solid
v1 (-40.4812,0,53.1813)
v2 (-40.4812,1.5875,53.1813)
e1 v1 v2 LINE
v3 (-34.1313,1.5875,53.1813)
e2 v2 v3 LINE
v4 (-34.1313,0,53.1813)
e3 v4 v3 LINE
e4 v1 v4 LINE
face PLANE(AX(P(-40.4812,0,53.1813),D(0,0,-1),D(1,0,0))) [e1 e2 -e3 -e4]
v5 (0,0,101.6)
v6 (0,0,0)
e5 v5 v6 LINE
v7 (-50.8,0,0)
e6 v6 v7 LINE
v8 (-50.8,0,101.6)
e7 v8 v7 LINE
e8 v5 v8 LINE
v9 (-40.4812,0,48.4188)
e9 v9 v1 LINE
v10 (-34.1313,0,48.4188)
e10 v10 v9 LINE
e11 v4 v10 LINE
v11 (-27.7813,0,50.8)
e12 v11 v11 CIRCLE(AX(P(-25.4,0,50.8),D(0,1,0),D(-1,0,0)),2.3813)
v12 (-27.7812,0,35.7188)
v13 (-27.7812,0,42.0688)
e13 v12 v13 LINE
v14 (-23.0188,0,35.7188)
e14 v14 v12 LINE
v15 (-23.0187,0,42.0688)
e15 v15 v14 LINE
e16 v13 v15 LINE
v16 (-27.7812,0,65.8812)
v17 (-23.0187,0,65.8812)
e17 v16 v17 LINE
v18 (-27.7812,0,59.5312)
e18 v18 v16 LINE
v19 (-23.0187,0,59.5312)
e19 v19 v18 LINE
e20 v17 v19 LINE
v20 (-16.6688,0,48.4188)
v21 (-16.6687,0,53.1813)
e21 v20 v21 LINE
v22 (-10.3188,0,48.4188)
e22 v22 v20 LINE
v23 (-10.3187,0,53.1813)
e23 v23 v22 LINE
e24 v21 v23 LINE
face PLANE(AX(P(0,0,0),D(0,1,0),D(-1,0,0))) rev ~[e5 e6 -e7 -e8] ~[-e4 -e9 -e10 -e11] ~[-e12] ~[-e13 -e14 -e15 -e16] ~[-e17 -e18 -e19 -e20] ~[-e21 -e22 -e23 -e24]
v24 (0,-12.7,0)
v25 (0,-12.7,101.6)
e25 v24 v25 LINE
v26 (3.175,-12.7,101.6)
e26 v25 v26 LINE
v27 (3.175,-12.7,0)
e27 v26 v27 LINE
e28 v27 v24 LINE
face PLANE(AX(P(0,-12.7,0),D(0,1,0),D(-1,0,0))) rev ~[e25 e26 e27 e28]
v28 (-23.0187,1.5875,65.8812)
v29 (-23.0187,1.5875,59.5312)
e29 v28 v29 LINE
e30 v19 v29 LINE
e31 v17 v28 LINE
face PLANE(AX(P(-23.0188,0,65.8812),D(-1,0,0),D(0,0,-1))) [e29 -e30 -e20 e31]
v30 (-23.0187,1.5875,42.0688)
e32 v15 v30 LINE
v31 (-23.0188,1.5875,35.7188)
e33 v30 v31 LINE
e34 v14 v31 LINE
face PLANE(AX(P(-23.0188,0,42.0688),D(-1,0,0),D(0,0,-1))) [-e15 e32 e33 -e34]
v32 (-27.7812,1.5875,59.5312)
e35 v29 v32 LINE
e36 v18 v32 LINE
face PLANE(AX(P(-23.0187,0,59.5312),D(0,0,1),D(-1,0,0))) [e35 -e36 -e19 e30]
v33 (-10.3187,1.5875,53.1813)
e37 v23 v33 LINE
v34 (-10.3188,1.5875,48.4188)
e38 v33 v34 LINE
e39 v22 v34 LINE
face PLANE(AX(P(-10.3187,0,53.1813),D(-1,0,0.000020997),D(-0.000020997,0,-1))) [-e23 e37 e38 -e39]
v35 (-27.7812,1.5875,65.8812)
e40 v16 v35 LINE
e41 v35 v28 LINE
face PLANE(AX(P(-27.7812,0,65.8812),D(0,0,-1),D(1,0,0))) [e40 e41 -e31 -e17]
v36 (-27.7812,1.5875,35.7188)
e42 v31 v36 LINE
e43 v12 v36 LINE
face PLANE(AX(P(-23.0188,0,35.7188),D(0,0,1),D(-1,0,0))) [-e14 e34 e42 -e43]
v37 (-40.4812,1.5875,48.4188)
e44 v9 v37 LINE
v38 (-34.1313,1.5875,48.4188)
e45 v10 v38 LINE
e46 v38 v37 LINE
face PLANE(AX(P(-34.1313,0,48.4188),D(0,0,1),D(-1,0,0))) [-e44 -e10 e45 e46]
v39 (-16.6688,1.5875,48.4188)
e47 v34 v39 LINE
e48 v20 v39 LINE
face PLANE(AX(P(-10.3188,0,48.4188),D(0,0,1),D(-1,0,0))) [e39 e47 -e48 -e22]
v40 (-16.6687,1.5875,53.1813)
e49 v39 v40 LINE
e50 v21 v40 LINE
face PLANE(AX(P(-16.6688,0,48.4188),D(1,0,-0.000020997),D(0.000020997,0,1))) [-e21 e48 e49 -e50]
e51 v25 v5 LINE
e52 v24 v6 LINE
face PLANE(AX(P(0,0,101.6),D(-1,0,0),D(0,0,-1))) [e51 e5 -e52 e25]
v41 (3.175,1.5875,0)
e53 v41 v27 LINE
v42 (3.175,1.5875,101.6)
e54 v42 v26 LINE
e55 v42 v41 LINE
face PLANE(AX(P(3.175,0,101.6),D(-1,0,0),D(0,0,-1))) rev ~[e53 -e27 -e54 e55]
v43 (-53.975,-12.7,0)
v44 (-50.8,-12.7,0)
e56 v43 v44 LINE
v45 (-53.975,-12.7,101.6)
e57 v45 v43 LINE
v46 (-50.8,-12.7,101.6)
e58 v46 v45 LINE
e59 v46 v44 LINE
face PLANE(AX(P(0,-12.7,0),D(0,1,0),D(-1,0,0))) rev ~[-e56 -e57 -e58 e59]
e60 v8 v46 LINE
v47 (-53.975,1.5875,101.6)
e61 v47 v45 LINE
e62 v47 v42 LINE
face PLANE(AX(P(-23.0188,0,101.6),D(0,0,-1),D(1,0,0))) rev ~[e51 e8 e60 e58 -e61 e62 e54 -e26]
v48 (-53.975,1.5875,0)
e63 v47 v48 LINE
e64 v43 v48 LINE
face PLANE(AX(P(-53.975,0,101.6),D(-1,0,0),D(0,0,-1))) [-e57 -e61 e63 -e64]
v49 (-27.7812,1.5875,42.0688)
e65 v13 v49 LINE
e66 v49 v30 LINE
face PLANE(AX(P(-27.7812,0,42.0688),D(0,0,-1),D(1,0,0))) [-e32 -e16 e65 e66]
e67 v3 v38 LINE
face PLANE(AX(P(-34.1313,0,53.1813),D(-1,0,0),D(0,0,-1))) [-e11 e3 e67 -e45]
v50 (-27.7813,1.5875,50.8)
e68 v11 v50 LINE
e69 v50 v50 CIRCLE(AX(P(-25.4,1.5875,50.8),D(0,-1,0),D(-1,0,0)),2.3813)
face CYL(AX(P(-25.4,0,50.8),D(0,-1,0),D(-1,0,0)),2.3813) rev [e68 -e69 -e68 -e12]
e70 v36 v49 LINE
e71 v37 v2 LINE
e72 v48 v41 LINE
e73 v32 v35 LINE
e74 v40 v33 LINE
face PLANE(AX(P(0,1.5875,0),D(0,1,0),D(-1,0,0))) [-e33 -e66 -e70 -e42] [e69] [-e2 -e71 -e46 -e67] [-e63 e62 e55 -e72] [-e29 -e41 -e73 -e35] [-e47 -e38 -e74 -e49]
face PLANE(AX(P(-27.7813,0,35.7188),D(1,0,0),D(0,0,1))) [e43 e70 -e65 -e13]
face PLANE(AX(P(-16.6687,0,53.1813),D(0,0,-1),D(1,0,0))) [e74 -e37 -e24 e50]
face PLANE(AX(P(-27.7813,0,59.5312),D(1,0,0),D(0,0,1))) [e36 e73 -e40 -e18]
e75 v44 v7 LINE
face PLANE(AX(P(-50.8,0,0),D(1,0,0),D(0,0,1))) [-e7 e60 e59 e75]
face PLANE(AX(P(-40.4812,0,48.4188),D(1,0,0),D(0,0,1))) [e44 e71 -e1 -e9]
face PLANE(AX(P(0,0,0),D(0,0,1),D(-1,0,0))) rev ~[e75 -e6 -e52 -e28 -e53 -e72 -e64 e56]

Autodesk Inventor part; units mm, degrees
ref_plane "YZ Plane" through (0, 0, 0) normal (1, 0, 0) x (0, 1, 0)
ref_plane "XZ Plane" through (0, 0, 0) normal (0, 1, 0) x (-1, 0, 0)
ref_plane "XY Plane" through (0, 0, 0) normal (0, 0, 1) x (1, 0, 0)
sketch "Sketch1" plane through (0, 0, 0) normal (0, 1, 0) x (-1, 0, 0)
  line L0 (0, 0) -> (50.8, 0)
  line L1 (50.8, 0) -> (50.8, 101.6)
  line L2 (50.8, 101.6) -> (0, 101.6)
  line L3 (0, 101.6) -> (0, 0)
  line L4 (50.8, 101.6) -> (53.975, 101.6)
  line L5 (53.975, 101.6) -> (53.975, 0)
  line L6 (53.975, 0) -> (50.8, 0)
  line L7 (50.8, 0) -> (50.8, 101.6)
  line L8 (0, 101.6) -> (-3.175, 101.6)
  line L9 (-3.175, 101.6) -> (-3.175, 0)
  line L10 (-3.175, 0) -> (0, 0)
  line L11 (0, 0) -> (0, 101.6)
  circle A0 centre (25.4, 50.8) radius 2.3813
  line L12 (50.8, 53.1813) -> (0, 53.1813)
  line L13 (0, 53.1813) -> (0, 48.4188)
  line L14 (0, 48.4188) -> (50.8, 48.4188)
  line L15 (50.8, 48.4188) -> (50.8, 53.1813)
  line L16 (27.7813, 101.6) -> (23.0188, 101.6)
  line L17 (23.0188, 101.6) -> (23.0188, 0)
  line L18 (23.0188, 0) -> (27.7813, 0)
  line L19 (27.7813, 0) -> (27.7813, 101.6)
  line L20 (27.7812, 65.8812) -> (23.0187, 65.8812)
  line L21 (23.0187, 65.8812) -> (23.0187, 59.5312)
  line L22 (23.0187, 59.5312) -> (27.7812, 59.5312)
  line L23 (27.7812, 59.5312) -> (27.7812, 65.8812)
  line L24 (40.4812, 53.1813) -> (34.1313, 53.1813)
  line L25 (34.1313, 53.1813) -> (34.1313, 48.4188)
  line L26 (34.1313, 48.4188) -> (40.4812, 48.4188)
  line L27 (40.4812, 48.4188) -> (40.4812, 53.1813)
  line L28 (27.7812, 42.0688) -> (23.0187, 42.0688)
  line L29 (23.0187, 42.0688) -> (23.0188, 35.7188)
  line L30 (23.0188, 35.7188) -> (27.7812, 35.7188)
  line L31 (27.7812, 35.7188) -> (27.7812, 42.0688)
  line L32 (16.6687, 53.1813) -> (10.3187, 53.1813)
  line L33 (10.3187, 53.1813) -> (10.3188, 48.4188)
  line L34 (10.3188, 48.4188) -> (16.6688, 48.4188)
  line L35 (16.6688, 48.4188) -> (16.6687, 53.1813)
  point P0 (0, 50.8)
  point P1 (25.4, 53.1813)
  point P2 (25.4, 35.7188)
  point P3 (25.4, 42.0688)
  dimension "d0" = 50.8
  dimension "d1" = 101.6
  dimension "d2" = 3.175
  dimension "d3" = 101.6
  dimension "d4" = 3.175
  dimension "d5" = 101.6
  dimension "d6" = 4.7625
  dimension "d7" = 25.4
  dimension "d8" = 50.8
  dimension "d9" = 4.7625
  dimension "d10" = 4.7625
  dimension "d11" = 2.3813
  dimension "d12" = 2.3813
  dimension "d13" = 6.35
  dimension "d14" = 6.35
  dimension "d15" = 6.35
  dimension "d16" = 6.35
  dimension "d17" = 6.35
  dimension "d18" = 6.35
  dimension "d19" = 6.35
  dimension "d20" = 6.35
extrude "Extrusion1" add sketch "Sketch1" along normal blind 1.5875 contours L3 L14 L17 L0 | L17 L30 L19 L0 | L3 L12 L33 L14 | L19 L14 L1 L0 | L3 L2 L17 L12 | L17 L14 L19 L28 | L35 L12 L17 L14 | L14 L27 L12 L1 | L17 A0 L14 | L2 L19 L20 L17 | L12 L19 L2 L1 | L19 L12 L25 L14 | L14 A0 L19 | L17 L12 A0 | L17 L22 L19 L12 | A0 L12 L19
extrude "Extrusion2" add sketch "Sketch1" along normal blind 1.5875 and the other way blind 12.7 contours L10 L9 L8 L3 | L1 L4 L5 L6
equation "\"d11\" = 0.5 * d6"
equation "\"d12\" = 0.5 * d6"
equation "\"d15\" = d14"
equation "\"d16\" = d15"
properties part number "Guide for 2in box tube"
